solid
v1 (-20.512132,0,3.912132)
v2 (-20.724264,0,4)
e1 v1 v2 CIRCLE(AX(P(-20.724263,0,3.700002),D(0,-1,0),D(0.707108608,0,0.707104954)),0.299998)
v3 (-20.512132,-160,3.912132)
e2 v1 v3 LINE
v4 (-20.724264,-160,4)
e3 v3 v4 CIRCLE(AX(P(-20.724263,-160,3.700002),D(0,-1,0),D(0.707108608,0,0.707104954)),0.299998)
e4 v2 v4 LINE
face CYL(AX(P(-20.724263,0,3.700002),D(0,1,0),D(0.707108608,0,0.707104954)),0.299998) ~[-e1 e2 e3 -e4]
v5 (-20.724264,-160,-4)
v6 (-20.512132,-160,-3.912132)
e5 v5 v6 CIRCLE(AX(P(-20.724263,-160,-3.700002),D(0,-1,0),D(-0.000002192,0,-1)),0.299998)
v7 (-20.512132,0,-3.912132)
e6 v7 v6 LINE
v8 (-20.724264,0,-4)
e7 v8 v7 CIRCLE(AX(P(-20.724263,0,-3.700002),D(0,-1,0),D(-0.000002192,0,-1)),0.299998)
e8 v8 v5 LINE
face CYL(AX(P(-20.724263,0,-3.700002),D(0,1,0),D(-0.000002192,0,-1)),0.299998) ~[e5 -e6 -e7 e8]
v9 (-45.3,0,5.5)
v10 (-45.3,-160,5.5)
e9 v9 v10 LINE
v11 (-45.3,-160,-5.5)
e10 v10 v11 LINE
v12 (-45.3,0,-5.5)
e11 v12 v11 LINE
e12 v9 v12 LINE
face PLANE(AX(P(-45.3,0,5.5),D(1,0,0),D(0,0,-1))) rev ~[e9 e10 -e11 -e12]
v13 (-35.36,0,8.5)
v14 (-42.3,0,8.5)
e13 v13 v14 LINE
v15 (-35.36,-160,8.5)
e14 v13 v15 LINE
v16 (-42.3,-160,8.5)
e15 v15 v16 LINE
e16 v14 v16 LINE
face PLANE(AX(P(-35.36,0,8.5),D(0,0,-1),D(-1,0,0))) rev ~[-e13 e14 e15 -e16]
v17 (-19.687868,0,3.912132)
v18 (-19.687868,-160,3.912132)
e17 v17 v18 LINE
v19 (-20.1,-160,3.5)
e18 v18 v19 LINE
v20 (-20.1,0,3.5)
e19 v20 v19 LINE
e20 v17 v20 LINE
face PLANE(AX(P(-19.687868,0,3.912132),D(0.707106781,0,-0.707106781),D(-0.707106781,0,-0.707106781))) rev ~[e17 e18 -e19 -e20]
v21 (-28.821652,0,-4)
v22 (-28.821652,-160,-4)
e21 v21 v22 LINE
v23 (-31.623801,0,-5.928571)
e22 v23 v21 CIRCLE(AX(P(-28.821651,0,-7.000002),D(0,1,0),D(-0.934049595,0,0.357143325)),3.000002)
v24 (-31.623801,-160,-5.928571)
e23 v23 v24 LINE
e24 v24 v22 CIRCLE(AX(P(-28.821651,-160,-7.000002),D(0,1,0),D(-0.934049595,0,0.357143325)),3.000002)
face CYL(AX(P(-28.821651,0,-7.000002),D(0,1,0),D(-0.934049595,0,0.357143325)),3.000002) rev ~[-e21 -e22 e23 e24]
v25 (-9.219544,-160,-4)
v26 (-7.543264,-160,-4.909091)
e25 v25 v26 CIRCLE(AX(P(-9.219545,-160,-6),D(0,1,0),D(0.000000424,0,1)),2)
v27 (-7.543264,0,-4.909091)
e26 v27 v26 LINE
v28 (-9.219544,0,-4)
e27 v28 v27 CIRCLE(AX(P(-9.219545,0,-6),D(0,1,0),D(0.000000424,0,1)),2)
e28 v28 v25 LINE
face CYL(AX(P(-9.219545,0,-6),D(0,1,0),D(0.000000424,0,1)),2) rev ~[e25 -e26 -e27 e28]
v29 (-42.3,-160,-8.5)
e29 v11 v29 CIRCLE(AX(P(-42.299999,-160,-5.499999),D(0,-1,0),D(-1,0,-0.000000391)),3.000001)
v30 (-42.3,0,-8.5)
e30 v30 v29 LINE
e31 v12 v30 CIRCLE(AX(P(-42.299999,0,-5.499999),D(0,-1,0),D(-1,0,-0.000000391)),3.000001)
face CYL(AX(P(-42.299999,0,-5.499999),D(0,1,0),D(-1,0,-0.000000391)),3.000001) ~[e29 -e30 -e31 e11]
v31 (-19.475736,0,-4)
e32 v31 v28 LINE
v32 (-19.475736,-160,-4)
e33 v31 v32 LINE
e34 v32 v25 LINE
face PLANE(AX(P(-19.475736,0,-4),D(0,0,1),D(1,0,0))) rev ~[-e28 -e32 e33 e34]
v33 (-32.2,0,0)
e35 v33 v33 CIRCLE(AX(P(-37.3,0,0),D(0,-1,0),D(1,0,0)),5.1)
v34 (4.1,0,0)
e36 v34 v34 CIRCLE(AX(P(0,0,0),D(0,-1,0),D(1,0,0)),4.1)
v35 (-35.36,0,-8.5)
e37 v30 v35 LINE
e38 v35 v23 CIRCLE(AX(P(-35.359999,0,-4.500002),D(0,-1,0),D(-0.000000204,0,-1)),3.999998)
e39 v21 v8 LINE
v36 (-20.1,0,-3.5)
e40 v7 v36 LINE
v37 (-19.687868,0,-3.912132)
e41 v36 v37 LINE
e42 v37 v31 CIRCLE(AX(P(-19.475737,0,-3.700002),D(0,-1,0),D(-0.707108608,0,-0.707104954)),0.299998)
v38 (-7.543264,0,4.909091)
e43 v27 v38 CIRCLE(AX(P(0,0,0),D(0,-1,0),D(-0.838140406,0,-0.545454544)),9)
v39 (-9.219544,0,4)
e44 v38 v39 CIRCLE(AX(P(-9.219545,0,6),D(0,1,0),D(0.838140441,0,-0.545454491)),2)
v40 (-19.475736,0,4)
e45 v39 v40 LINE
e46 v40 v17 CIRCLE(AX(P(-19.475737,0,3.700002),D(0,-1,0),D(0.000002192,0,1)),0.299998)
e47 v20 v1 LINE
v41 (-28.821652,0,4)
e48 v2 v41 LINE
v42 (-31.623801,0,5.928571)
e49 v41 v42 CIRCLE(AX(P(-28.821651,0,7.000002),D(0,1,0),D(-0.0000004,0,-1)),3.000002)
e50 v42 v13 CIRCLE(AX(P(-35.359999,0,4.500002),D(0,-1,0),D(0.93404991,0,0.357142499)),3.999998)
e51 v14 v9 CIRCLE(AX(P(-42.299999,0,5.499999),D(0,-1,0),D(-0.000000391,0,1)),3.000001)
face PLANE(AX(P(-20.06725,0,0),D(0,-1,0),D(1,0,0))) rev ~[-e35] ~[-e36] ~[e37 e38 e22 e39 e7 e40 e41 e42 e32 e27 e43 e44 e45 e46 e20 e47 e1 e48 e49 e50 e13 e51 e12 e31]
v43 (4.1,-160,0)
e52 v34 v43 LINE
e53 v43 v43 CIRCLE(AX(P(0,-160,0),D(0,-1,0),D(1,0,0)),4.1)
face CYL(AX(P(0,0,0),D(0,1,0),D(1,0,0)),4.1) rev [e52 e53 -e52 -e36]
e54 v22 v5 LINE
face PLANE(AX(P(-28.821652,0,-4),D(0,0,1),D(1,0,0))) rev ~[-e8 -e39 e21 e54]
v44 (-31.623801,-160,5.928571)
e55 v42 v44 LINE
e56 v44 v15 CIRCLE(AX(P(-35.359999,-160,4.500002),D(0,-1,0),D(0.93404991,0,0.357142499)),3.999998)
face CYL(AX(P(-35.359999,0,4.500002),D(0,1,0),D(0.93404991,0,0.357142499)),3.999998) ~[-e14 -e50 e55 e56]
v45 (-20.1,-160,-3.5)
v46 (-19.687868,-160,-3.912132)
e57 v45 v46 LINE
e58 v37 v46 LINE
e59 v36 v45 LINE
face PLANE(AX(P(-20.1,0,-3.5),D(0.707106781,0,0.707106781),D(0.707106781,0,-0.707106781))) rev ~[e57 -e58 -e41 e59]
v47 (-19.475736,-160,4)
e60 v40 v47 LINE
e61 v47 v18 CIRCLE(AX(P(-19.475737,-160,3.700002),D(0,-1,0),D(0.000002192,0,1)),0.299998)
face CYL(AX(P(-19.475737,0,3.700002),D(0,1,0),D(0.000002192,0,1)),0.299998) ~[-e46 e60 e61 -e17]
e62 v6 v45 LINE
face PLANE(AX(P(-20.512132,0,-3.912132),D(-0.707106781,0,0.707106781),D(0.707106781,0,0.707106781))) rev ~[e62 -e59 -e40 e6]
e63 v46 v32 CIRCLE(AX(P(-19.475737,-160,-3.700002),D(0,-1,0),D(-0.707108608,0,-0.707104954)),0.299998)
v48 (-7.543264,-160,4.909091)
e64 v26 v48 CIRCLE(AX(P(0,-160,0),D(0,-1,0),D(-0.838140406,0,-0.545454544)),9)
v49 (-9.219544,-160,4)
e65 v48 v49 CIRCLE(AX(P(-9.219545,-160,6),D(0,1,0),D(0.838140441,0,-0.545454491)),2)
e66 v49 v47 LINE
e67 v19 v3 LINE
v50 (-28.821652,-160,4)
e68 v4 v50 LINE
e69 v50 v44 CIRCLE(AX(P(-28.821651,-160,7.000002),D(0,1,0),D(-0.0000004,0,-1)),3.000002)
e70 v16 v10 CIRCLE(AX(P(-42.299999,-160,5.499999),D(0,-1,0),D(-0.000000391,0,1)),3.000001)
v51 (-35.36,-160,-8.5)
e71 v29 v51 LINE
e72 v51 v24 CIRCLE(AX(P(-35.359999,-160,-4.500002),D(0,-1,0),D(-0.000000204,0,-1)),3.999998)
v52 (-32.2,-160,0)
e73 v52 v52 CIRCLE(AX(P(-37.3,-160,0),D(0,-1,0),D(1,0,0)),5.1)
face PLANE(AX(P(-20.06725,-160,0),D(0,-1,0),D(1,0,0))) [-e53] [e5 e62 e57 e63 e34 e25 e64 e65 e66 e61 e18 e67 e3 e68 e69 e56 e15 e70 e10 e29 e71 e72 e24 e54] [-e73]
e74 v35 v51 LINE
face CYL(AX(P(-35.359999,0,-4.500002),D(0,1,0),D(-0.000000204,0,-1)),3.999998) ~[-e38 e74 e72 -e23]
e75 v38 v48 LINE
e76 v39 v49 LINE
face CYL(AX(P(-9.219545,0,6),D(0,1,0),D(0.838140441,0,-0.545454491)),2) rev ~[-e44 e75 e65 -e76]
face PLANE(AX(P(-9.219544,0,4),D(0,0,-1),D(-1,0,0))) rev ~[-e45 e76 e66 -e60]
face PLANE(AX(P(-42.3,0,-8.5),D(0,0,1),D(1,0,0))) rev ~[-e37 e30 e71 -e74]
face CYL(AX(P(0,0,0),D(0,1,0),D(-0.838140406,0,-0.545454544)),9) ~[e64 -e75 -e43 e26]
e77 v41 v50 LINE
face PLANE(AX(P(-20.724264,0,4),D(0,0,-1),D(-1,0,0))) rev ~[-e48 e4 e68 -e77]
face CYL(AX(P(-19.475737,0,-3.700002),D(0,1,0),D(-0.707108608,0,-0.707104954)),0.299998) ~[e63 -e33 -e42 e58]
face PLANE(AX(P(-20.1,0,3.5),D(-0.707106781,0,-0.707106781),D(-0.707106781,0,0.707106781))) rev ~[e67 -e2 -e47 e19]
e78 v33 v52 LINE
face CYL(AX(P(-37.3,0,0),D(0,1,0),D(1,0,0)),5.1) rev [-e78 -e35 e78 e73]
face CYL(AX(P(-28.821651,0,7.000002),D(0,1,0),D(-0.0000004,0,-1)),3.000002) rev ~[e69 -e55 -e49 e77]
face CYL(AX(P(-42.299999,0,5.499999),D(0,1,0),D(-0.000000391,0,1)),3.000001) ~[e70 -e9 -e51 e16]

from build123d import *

# Parameters (mm, degrees)
F0_R     = 5.1
F0_R_2   = 4.1
F1_DEPTH = 160


with BuildPart() as f1:
    # F0 (on Front) → F1 (new body)
    with BuildSketch(Plane.XZ):
        with BuildLine():
            ThreePointArc((-9.219544, -4), (-8.266082, -4.241902), (-7.543264, -4.909091))
            ThreePointArc((-7.543264, -4.909091), (9, 0), (-7.543264, 4.909091))
            ThreePointArc((-7.543264, 4.909091), (-8.266082, 4.241902), (-9.219544, 4))
            Line((-9.219544, 4), (-19.475736, 4))
            ThreePointArc((-19.475736, 4), (-19.590541, 3.977164), (-19.687868, 3.912132))
            Line((-19.687868, 3.912132), (-20.1, 3.5))
            Line((-20.1, 3.5), (-20.512132, 3.912132))
            ThreePointArc((-20.512132, 3.912132), (-20.609459, 3.977164), (-20.724264, 4))
            Line((-20.724264, 4), (-28.821652, 4))
            ThreePointArc((-28.821652, 4), (-30.522492, 4.528737), (-31.623801, 5.928571))
            ThreePointArc((-31.623801, 5.928571), (-33.092213, 7.795018), (-35.36, 8.5))
            Line((-35.36, 8.5), (-42.3, 8.5))
            ThreePointArc((-42.3, 8.5), (-44.42132, 7.62132), (-45.3, 5.5))
            Line((-45.3, 5.5), (-45.3, -5.5))
            ThreePointArc((-45.3, -5.5), (-44.42132, -7.62132), (-42.3, -8.5))
            Line((-42.3, -8.5), (-35.36, -8.5))
            ThreePointArc((-35.36, -8.5), (-33.092213, -7.795018), (-31.623801, -5.928571))
            ThreePointArc((-31.623801, -5.928571), (-30.522492, -4.528737), (-28.821652, -4))
            Line((-28.821652, -4), (-20.724264, -4))
            ThreePointArc((-20.724264, -4), (-20.609459, -3.977164), (-20.512132, -3.912132))
            Line((-20.512132, -3.912132), (-20.1, -3.5))
            Line((-20.1, -3.5), (-19.687868, -3.912132))
            ThreePointArc((-19.687868, -3.912132), (-19.590541, -3.977164), (-19.475736, -4))
            Line((-19.475736, -4), (-9.219544, -4))
        make_face()
        with Locations((-37.3, 0)):
            Circle(F0_R, mode=Mode.SUBTRACT)
        Circle(F0_R_2, mode=Mode.SUBTRACT)
    extrude(amount=F1_DEPTH)


solid = f1.part
